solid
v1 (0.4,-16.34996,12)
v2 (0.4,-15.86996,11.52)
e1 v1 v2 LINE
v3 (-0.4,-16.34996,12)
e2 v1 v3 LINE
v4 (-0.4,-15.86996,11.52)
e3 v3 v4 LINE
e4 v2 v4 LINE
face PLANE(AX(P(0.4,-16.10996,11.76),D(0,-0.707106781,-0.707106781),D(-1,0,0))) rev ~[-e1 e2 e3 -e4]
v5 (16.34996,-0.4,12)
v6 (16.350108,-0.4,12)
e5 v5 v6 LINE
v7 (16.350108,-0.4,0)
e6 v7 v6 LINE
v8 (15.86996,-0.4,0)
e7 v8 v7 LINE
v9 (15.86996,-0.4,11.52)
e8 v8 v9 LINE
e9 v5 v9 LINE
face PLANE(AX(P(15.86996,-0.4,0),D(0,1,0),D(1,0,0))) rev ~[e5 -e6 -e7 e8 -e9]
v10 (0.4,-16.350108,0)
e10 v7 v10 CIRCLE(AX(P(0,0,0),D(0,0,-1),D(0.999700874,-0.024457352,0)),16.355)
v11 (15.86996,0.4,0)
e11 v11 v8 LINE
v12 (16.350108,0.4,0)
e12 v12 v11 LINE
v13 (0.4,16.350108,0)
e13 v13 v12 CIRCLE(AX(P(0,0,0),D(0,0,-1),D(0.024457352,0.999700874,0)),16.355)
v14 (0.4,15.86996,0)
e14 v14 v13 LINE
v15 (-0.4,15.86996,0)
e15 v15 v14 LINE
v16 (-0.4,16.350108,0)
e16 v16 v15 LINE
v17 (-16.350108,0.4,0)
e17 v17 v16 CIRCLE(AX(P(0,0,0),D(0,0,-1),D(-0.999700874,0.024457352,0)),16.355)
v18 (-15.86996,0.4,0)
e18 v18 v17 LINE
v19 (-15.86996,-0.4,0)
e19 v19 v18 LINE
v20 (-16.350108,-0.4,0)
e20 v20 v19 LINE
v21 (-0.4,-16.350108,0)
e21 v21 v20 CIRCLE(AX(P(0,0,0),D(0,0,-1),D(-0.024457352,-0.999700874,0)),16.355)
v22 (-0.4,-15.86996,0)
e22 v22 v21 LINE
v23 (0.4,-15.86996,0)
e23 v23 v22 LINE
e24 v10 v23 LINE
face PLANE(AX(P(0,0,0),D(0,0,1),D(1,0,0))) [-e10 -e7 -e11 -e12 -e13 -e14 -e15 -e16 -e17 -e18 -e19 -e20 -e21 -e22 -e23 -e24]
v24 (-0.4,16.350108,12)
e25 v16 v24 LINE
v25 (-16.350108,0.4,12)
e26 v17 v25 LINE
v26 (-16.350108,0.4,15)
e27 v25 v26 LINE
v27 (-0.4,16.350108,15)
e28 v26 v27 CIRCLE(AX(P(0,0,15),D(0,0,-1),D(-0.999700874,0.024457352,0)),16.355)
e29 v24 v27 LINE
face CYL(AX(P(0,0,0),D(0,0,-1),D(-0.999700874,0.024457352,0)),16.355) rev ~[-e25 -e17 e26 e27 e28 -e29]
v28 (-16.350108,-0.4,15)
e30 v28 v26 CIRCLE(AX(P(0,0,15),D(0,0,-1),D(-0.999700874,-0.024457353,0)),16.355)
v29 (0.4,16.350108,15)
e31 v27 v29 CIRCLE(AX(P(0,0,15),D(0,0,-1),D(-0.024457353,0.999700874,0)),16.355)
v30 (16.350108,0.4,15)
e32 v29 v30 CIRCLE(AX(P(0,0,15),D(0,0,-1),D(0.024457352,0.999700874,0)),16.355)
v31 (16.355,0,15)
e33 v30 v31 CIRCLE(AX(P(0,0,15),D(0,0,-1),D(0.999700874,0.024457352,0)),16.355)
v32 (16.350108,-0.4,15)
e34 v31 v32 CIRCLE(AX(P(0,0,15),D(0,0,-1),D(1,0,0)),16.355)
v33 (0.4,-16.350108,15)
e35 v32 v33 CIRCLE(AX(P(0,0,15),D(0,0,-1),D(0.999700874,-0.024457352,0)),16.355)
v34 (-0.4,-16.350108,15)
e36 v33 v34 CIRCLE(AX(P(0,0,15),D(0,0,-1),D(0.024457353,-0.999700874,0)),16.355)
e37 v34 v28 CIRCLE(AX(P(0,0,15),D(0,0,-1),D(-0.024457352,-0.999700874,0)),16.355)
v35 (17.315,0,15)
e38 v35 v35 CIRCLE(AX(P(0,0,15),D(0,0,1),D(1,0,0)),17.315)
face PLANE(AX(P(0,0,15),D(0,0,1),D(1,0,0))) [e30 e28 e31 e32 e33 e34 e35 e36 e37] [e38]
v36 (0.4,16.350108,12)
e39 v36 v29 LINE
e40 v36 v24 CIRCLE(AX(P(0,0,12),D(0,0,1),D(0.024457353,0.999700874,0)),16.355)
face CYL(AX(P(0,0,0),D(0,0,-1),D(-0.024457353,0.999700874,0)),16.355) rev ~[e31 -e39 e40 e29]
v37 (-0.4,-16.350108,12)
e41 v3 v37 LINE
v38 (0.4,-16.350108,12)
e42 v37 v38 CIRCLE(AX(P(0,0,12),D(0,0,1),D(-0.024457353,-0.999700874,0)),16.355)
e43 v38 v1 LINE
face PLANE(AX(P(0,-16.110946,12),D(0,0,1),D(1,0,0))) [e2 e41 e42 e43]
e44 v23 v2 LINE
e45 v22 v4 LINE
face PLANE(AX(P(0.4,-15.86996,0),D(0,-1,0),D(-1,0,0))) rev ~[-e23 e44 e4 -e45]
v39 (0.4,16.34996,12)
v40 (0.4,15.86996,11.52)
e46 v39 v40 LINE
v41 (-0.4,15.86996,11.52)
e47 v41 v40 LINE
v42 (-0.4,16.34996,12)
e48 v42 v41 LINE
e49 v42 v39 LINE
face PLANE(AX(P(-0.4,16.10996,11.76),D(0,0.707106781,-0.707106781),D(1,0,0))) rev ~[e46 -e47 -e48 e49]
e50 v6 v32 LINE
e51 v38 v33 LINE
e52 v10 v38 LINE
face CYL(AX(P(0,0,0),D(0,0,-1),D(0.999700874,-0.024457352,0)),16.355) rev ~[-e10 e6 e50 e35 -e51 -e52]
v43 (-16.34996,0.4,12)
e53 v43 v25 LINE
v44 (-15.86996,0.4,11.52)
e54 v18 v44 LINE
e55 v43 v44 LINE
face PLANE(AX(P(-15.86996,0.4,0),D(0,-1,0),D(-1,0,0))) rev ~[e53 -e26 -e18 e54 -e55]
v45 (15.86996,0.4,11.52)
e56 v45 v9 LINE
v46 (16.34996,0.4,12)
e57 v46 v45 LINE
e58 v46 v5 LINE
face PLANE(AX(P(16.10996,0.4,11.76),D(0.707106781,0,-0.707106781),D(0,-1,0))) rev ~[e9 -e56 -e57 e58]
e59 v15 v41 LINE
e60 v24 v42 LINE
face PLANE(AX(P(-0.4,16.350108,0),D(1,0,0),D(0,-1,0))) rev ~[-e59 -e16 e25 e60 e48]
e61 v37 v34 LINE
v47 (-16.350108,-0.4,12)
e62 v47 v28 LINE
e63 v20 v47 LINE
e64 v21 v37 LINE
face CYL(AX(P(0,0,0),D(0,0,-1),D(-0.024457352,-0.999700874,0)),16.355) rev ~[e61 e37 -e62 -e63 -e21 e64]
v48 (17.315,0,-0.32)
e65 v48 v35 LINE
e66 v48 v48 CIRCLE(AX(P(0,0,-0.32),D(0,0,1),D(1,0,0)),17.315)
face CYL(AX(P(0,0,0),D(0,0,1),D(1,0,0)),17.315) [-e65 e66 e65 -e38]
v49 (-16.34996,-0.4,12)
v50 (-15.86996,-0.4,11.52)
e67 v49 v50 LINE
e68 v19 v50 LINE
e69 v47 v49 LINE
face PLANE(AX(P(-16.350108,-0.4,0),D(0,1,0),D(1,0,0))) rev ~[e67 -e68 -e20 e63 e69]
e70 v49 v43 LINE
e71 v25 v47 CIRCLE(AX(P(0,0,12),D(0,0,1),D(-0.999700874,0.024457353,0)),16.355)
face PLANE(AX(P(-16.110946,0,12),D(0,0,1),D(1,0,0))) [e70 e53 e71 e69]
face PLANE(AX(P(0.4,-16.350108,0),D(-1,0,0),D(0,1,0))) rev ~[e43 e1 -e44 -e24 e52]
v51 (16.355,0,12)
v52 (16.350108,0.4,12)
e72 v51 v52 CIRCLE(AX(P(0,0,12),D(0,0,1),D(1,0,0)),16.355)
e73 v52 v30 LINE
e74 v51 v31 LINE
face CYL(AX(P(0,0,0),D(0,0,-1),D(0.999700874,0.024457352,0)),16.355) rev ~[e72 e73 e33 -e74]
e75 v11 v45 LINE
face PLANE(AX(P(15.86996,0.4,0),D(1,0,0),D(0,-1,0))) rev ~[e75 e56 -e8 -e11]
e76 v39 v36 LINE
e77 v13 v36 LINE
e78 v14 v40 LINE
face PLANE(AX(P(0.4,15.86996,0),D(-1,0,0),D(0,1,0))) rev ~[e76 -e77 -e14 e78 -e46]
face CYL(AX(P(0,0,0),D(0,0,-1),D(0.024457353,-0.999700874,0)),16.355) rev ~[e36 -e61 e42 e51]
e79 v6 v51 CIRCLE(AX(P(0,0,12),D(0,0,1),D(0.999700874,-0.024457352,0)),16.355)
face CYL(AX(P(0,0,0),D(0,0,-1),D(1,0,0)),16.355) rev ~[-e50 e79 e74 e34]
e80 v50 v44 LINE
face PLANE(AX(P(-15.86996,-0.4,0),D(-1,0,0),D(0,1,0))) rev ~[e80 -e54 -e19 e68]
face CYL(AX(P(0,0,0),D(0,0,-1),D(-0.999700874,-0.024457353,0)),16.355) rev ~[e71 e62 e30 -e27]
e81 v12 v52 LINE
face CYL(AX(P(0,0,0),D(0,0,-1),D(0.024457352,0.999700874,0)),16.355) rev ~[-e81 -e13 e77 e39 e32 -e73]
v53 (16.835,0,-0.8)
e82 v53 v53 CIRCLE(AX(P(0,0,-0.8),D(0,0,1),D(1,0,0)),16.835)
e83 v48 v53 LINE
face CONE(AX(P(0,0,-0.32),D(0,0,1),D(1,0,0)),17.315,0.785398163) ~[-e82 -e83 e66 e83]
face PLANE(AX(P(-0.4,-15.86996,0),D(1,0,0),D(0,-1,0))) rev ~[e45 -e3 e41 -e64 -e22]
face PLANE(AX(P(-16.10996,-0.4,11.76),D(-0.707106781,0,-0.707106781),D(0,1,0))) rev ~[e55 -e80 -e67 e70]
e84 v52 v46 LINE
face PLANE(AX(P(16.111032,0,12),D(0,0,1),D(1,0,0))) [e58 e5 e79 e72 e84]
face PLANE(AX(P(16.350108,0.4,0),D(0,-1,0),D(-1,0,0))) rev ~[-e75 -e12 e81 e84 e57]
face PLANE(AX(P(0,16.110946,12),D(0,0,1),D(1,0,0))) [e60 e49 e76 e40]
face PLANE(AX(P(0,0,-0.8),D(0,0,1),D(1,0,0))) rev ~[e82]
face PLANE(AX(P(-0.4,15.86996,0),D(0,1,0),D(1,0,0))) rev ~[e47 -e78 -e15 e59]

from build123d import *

# Parameters (mm, degrees)
F1_R     = 17.315
F2_DEPTH = 0.8
F3_DEPTH = 15
F4_DEPTH = 12
F5_SIZE  = 0.48
F6_SIZE  = 0.48


with BuildPart() as f2:
    # F1 (on Top) → F2 (new body)
    with BuildSketch(Plane.XY):
        Circle(F1_R)
        with BuildLine():
            ThreePointArc((16.3501077978, 0.4), (16.3537769037, 0.200014958), (16.355, 0))
            ThreePointArc((16.355, 0), (16.3537769037, -0.200014958), (16.3501077978, -0.4))
            ThreePointArc((16.3501077978, -0.4), (11.5647314063, -11.5647314063), (0.4, -16.3501077978))
            ThreePointArc((0.4, -16.3501077978), (0, -16.355), (-0.4, -16.3501077978))
            ThreePointArc((-0.4, -16.3501077978), (-11.5647314063, -11.5647314063), (-16.3501077978, -0.4))
            ThreePointArc((-16.3501077978, -0.4), (-16.355, 0), (-16.3501077978, 0.4))
            ThreePointArc((-16.3501077978, 0.4), (-11.5647314063, 11.5647314063), (-0.4, 16.3501077978))
            ThreePointArc((-0.4, 16.3501077978), (0, 16.355), (0.4, 16.3501077978))
            ThreePointArc((0.4, 16.3501077978), (11.5647314063, 11.5647314063), (16.3501077978, 0.4))
        make_face(mode=Mode.SUBTRACT)
        with BuildLine():
            Line((15.8699598298, 0.4), (16.3501077978, 0.4))
            ThreePointArc((16.3501077978, 0.4), (11.5647314063, 11.5647314063), (0.4, 16.3501077978))
            Line((0.4, 16.3501077978), (0.4, 15.8699598298))
            Line((0.4, 15.8699598298), (-0.4, 15.8699598298))
            Line((-0.4, 15.8699598298), (-0.4, 16.3501077978))
            ThreePointArc((-0.4, 16.3501077978), (-11.5647314063, 11.5647314063), (-16.3501077978, 0.4))
            Line((-16.3501077978, 0.4), (-15.8699598298, 0.4))
            Line((-15.8699598298, 0.4), (-15.8699598298, -0.4))
            Line((-15.8699598298, -0.4), (-16.3501077978, -0.4))
            ThreePointArc((-16.3501077978, -0.4), (-11.5647314063, -11.5647314063), (-0.4, -16.3501077978))
            Line((-0.4, -16.3501077978), (-0.4, -15.8699598298))
            Line((-0.4, -15.8699598298), (0.4, -15.8699598298))
            Line((0.4, -15.8699598298), (0.4, -16.3501077978))
            ThreePointArc((0.4, -16.3501077978), (11.5647314063, -11.5647314063), (16.3501077978, -0.4))
            Line((16.3501077978, -0.4), (15.8699598298, -0.4))
            Line((15.8699598298, -0.4), (15.8699598298, 0.4))
        make_face()
        with BuildLine():
            Line((-15.8699598298, 0.4), (-16.3501077978, 0.4))
            ThreePointArc((-16.3501077978, 0.4), (-16.355, 0), (-16.3501077978, -0.4))
            Line((-16.3501077978, -0.4), (-15.8699598298, -0.4))
            Line((-15.8699598298, -0.4), (-15.8699598298, 0.4))
        make_face()
        with BuildLine():
            ThreePointArc((-0.4, -16.3501077978), (0, -16.355), (0.4, -16.3501077978))
            Line((0.4, -16.3501077978), (0.4, -15.8699598298))
            Line((0.4, -15.8699598298), (-0.4, -15.8699598298))
            Line((-0.4, -15.8699598298), (-0.4, -16.3501077978))
        make_face()
        with BuildLine():
            ThreePointArc((16.3501077978, -0.4), (16.3537769037, -0.200014958), (16.355, 0))
            ThreePointArc((16.355, 0), (16.3537769037, 0.200014958), (16.3501077978, 0.4))
            Line((16.3501077978, 0.4), (15.8699598298, 0.4))
            Line((15.8699598298, 0.4), (15.8699598298, -0.4))
            Line((15.8699598298, -0.4), (16.3501077978, -0.4))
        make_face()
        with BuildLine():
            Line((0.4, 15.8699598298), (0.4, 16.3501077978))
            ThreePointArc((0.4, 16.3501077978), (0, 16.355), (-0.4, 16.3501077978))
            Line((-0.4, 16.3501077978), (-0.4, 15.8699598298))
            Line((-0.4, 15.8699598298), (0.4, 15.8699598298))
        make_face()
    extrude(amount=-F2_DEPTH)

    # F1 (on Top) → F3 (join)
    with BuildSketch(Plane.XY):
        Circle(F1_R)
        with BuildLine():
            ThreePointArc((16.3501077978, 0.4), (16.3537769037, 0.200014958), (16.355, 0))
            ThreePointArc((16.355, 0), (16.3537769037, -0.200014958), (16.3501077978, -0.4))
            ThreePointArc((16.3501077978, -0.4), (11.5647314063, -11.5647314063), (0.4, -16.3501077978))
            ThreePointArc((0.4, -16.3501077978), (0, -16.355), (-0.4, -16.3501077978))
            ThreePointArc((-0.4, -16.3501077978), (-11.5647314063, -11.5647314063), (-16.3501077978, -0.4))
            ThreePointArc((-16.3501077978, -0.4), (-16.355, 0), (-16.3501077978, 0.4))
            ThreePointArc((-16.3501077978, 0.4), (-11.5647314063, 11.5647314063), (-0.4, 16.3501077978))
            ThreePointArc((-0.4, 16.3501077978), (0, 16.355), (0.4, 16.3501077978))
            ThreePointArc((0.4, 16.3501077978), (11.5647314063, 11.5647314063), (16.3501077978, 0.4))
        make_face(mode=Mode.SUBTRACT)
    extrude(amount=F3_DEPTH)

    # F1 (on Top) → F4 (join)
    with BuildSketch(Plane.XY):
        with BuildLine():
            Line((0.4, 15.8699598298), (0.4, 16.3501077978))
            ThreePointArc((0.4, 16.3501077978), (0, 16.355), (-0.4, 16.3501077978))
            Line((-0.4, 16.3501077978), (-0.4, 15.8699598298))
            Line((-0.4, 15.8699598298), (0.4, 15.8699598298))
        make_face()
        with BuildLine():
            Line((-15.8699598298, 0.4), (-16.3501077978, 0.4))
            ThreePointArc((-16.3501077978, 0.4), (-16.355, 0), (-16.3501077978, -0.4))
            Line((-16.3501077978, -0.4), (-15.8699598298, -0.4))
            Line((-15.8699598298, -0.4), (-15.8699598298, 0.4))
        make_face()
        with BuildLine():
            ThreePointArc((16.3501077978, -0.4), (16.3537769037, -0.200014958), (16.355, 0))
            ThreePointArc((16.355, 0), (16.3537769037, 0.200014958), (16.3501077978, 0.4))
            Line((16.3501077978, 0.4), (15.8699598298, 0.4))
            Line((15.8699598298, 0.4), (15.8699598298, -0.4))
            Line((15.8699598298, -0.4), (16.3501077978, -0.4))
        make_face()
        with BuildLine():
            ThreePointArc((-0.4, -16.3501077978), (0, -16.355), (0.4, -16.3501077978))
            Line((0.4, -16.3501077978), (0.4, -15.8699598298))
            Line((0.4, -15.8699598298), (-0.4, -15.8699598298))
            Line((-0.4, -15.8699598298), (-0.4, -16.3501077978))
        make_face()
    extrude(amount=F4_DEPTH)

    # F5
    f5_edges = [f2.edges().sort_by_distance(p)[0] for p in [
        (-17.315, 0, -0.8),
    ]]
    chamfer(f5_edges, length=F5_SIZE)

    # F6
    f6_edges = [f2.edges().sort_by_distance(p)[0] for p in [
        (-15.86996, 0, 12),
        (0, 15.86996, 12),
        (15.86996, 0, 12),
        (0, -15.86996, 12),
    ]]
    chamfer(f6_edges, length=F6_SIZE)


solid = f2.part
